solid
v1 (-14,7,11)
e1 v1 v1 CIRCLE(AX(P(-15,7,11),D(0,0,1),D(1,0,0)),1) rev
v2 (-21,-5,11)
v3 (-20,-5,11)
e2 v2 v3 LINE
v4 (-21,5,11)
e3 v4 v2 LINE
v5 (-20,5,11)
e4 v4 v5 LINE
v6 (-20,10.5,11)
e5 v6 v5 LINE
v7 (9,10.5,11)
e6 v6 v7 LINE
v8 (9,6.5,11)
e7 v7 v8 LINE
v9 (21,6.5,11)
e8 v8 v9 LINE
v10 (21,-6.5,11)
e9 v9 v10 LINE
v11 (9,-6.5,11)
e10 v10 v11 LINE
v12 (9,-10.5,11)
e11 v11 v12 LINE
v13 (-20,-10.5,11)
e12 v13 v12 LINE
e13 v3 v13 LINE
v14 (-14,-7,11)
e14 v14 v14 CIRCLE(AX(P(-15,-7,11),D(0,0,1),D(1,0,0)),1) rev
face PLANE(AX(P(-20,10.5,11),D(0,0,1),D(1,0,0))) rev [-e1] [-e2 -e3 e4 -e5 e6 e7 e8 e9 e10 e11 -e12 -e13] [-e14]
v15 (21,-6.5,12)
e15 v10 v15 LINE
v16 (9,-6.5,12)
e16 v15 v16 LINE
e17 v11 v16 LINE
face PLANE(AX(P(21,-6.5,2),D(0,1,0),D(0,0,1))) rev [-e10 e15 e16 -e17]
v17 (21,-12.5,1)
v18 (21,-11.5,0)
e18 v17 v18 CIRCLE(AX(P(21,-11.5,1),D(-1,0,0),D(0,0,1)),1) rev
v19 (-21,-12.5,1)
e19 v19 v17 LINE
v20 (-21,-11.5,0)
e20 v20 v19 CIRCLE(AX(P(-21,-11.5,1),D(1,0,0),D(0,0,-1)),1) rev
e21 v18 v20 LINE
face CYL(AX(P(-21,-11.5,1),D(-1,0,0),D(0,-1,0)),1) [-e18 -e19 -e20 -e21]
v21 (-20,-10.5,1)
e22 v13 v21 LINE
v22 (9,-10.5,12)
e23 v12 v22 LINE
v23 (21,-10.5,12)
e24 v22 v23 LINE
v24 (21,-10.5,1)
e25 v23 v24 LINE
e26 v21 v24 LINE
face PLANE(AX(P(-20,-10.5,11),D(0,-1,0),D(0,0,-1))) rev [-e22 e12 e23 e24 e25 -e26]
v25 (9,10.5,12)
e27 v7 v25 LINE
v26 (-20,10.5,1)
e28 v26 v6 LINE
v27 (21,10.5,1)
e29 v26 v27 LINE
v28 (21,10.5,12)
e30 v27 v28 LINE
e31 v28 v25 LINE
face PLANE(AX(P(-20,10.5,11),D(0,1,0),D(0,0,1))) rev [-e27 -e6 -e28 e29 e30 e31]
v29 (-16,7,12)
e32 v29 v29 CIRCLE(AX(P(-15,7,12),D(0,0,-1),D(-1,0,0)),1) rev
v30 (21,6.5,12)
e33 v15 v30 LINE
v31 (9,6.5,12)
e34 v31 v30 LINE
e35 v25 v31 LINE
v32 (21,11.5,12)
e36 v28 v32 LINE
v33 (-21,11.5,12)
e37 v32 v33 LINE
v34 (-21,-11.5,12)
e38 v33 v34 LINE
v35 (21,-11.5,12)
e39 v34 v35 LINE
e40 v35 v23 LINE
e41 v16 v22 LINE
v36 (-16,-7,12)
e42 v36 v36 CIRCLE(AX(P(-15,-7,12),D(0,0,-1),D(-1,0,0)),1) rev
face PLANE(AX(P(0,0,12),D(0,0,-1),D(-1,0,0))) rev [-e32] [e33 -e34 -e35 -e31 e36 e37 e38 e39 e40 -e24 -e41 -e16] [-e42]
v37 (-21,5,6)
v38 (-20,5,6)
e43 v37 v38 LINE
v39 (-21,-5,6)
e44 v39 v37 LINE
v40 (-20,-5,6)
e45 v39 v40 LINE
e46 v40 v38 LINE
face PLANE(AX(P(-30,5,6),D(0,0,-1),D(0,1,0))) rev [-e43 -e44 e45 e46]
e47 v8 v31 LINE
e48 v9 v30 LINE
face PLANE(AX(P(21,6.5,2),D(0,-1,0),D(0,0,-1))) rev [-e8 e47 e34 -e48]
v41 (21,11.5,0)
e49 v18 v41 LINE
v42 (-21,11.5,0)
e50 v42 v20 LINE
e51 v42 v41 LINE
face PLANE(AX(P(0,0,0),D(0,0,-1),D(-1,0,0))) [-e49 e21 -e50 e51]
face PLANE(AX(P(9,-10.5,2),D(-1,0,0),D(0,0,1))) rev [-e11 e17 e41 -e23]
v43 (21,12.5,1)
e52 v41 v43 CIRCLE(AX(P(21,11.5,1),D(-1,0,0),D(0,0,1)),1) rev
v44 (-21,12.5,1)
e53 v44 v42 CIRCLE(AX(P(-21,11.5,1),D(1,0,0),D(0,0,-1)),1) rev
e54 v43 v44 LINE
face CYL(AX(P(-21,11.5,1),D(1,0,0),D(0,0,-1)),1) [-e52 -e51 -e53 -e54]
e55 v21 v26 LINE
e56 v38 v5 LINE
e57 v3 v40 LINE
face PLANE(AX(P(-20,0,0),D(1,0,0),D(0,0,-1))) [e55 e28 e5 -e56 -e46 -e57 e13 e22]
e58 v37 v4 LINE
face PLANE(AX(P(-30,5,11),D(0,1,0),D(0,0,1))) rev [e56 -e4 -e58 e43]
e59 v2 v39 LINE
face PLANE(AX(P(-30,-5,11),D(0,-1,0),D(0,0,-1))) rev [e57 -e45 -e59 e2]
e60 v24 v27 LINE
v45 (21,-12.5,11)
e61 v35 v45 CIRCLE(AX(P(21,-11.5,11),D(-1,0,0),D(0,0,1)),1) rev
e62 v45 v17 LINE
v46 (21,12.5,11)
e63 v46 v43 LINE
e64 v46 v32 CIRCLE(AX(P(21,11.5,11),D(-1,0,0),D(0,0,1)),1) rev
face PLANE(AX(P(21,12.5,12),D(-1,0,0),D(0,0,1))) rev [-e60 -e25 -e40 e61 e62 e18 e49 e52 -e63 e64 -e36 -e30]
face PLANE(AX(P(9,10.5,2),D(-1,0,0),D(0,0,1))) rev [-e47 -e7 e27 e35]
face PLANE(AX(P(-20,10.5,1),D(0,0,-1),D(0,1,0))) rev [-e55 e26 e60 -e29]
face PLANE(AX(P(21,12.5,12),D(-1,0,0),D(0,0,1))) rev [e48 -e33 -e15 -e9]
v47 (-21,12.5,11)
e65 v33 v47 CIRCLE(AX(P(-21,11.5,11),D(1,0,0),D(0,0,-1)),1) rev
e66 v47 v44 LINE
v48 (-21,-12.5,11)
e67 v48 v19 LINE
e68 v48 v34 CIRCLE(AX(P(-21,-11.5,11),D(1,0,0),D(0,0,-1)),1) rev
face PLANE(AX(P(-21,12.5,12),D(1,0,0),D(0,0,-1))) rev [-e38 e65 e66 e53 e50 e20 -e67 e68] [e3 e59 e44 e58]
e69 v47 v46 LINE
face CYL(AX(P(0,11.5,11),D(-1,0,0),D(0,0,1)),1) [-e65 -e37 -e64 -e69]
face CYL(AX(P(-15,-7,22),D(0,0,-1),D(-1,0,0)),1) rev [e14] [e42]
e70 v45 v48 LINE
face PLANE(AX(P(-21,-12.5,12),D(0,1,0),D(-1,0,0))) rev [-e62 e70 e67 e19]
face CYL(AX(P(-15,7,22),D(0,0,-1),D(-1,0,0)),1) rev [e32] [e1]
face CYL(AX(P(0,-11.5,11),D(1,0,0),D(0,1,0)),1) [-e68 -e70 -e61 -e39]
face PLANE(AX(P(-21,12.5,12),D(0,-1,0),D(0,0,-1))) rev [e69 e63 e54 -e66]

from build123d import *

# Parameters (mm, degrees)
SKETCH_1_W               = 42
SKETCH_1_H               = 25
EXTRUDE_1_DEPTH          = 12
SKETCH_3_W               = 10
SKETCH_3_H               = 21
CUT_EXTRUDE_1_DEPTH      = 41
SKETCH_4_W               = 5
SKETCH_4_H               = 10
CUT_EXTRUDE_2_DEPTH      = 10
SKETCH_5_W               = 12
SKETCH_5_H               = 4
CUT_EXTRUDE_3_DEPTH      = 10
CUT_EXTRUDE_4_DEPTH      = 10
CUT_EXTRUDE_4_DEPTH_BACK = 10
SKETCH_6_R               = 1
FILLET_1_R               = 1


with BuildPart() as part:
    # 草图1 → 凸台-拉伸1 (new body)
    with BuildSketch(Plane.XY):
        Rectangle(SKETCH_1_W, SKETCH_1_H)
    extrude(amount=EXTRUDE_1_DEPTH)

    # 草图3 → 切除-拉伸1 (cut)
    with BuildSketch(Plane(origin=(21, 0, 0), x_dir=(0, 0, -1), z_dir=(1, 0, 0))):
        with Locations((-6, 0)):
            Rectangle(SKETCH_3_W, SKETCH_3_H)
    extrude(amount=-CUT_EXTRUDE_1_DEPTH, mode=Mode.SUBTRACT)

    # 草图4 → 切除-拉伸2 (cut)
    with BuildSketch(Plane(origin=(-20, 0, 0), x_dir=(0, 0, -1), z_dir=(1, 0, 0))):
        with Locations((-8.5, 0)):
            Rectangle(SKETCH_4_W, SKETCH_4_H)
    extrude(amount=-CUT_EXTRUDE_2_DEPTH, mode=Mode.SUBTRACT)

    # 草图5 → 切除-拉伸3 (cut)
    with BuildSketch(Plane.XY.offset(12)):
        with Locations((15, 8.5)):
            Rectangle(SKETCH_5_W, SKETCH_5_H)
        with Locations((15, -8.5)):
            Rectangle(SKETCH_5_W, SKETCH_5_H)
    extrude(amount=-CUT_EXTRUDE_3_DEPTH, mode=Mode.SUBTRACT)

    # 草图6 → 切除-拉伸4 (cut, two sides: drawn at the far end of the back side and taken through both)
    with BuildSketch(Plane.XY.offset(12).offset(-CUT_EXTRUDE_4_DEPTH_BACK)):
        with Locations((-15, 7)):
            Circle(SKETCH_6_R)
        with Locations((-15, -7)):
            Circle(SKETCH_6_R)
    extrude(amount=CUT_EXTRUDE_4_DEPTH + CUT_EXTRUDE_4_DEPTH_BACK, mode=Mode.SUBTRACT)

    # 圆角1
    fillet_1_edges = [part.edges().sort_by_distance(p)[0] for p in [
        (0, -12.5, 0),
        (0, -12.5, 12),
        (0, 12.5, 0),
        (0, 12.5, 12),
    ]]
    fillet(fillet_1_edges, radius=FILLET_1_R)


solid = part.part
